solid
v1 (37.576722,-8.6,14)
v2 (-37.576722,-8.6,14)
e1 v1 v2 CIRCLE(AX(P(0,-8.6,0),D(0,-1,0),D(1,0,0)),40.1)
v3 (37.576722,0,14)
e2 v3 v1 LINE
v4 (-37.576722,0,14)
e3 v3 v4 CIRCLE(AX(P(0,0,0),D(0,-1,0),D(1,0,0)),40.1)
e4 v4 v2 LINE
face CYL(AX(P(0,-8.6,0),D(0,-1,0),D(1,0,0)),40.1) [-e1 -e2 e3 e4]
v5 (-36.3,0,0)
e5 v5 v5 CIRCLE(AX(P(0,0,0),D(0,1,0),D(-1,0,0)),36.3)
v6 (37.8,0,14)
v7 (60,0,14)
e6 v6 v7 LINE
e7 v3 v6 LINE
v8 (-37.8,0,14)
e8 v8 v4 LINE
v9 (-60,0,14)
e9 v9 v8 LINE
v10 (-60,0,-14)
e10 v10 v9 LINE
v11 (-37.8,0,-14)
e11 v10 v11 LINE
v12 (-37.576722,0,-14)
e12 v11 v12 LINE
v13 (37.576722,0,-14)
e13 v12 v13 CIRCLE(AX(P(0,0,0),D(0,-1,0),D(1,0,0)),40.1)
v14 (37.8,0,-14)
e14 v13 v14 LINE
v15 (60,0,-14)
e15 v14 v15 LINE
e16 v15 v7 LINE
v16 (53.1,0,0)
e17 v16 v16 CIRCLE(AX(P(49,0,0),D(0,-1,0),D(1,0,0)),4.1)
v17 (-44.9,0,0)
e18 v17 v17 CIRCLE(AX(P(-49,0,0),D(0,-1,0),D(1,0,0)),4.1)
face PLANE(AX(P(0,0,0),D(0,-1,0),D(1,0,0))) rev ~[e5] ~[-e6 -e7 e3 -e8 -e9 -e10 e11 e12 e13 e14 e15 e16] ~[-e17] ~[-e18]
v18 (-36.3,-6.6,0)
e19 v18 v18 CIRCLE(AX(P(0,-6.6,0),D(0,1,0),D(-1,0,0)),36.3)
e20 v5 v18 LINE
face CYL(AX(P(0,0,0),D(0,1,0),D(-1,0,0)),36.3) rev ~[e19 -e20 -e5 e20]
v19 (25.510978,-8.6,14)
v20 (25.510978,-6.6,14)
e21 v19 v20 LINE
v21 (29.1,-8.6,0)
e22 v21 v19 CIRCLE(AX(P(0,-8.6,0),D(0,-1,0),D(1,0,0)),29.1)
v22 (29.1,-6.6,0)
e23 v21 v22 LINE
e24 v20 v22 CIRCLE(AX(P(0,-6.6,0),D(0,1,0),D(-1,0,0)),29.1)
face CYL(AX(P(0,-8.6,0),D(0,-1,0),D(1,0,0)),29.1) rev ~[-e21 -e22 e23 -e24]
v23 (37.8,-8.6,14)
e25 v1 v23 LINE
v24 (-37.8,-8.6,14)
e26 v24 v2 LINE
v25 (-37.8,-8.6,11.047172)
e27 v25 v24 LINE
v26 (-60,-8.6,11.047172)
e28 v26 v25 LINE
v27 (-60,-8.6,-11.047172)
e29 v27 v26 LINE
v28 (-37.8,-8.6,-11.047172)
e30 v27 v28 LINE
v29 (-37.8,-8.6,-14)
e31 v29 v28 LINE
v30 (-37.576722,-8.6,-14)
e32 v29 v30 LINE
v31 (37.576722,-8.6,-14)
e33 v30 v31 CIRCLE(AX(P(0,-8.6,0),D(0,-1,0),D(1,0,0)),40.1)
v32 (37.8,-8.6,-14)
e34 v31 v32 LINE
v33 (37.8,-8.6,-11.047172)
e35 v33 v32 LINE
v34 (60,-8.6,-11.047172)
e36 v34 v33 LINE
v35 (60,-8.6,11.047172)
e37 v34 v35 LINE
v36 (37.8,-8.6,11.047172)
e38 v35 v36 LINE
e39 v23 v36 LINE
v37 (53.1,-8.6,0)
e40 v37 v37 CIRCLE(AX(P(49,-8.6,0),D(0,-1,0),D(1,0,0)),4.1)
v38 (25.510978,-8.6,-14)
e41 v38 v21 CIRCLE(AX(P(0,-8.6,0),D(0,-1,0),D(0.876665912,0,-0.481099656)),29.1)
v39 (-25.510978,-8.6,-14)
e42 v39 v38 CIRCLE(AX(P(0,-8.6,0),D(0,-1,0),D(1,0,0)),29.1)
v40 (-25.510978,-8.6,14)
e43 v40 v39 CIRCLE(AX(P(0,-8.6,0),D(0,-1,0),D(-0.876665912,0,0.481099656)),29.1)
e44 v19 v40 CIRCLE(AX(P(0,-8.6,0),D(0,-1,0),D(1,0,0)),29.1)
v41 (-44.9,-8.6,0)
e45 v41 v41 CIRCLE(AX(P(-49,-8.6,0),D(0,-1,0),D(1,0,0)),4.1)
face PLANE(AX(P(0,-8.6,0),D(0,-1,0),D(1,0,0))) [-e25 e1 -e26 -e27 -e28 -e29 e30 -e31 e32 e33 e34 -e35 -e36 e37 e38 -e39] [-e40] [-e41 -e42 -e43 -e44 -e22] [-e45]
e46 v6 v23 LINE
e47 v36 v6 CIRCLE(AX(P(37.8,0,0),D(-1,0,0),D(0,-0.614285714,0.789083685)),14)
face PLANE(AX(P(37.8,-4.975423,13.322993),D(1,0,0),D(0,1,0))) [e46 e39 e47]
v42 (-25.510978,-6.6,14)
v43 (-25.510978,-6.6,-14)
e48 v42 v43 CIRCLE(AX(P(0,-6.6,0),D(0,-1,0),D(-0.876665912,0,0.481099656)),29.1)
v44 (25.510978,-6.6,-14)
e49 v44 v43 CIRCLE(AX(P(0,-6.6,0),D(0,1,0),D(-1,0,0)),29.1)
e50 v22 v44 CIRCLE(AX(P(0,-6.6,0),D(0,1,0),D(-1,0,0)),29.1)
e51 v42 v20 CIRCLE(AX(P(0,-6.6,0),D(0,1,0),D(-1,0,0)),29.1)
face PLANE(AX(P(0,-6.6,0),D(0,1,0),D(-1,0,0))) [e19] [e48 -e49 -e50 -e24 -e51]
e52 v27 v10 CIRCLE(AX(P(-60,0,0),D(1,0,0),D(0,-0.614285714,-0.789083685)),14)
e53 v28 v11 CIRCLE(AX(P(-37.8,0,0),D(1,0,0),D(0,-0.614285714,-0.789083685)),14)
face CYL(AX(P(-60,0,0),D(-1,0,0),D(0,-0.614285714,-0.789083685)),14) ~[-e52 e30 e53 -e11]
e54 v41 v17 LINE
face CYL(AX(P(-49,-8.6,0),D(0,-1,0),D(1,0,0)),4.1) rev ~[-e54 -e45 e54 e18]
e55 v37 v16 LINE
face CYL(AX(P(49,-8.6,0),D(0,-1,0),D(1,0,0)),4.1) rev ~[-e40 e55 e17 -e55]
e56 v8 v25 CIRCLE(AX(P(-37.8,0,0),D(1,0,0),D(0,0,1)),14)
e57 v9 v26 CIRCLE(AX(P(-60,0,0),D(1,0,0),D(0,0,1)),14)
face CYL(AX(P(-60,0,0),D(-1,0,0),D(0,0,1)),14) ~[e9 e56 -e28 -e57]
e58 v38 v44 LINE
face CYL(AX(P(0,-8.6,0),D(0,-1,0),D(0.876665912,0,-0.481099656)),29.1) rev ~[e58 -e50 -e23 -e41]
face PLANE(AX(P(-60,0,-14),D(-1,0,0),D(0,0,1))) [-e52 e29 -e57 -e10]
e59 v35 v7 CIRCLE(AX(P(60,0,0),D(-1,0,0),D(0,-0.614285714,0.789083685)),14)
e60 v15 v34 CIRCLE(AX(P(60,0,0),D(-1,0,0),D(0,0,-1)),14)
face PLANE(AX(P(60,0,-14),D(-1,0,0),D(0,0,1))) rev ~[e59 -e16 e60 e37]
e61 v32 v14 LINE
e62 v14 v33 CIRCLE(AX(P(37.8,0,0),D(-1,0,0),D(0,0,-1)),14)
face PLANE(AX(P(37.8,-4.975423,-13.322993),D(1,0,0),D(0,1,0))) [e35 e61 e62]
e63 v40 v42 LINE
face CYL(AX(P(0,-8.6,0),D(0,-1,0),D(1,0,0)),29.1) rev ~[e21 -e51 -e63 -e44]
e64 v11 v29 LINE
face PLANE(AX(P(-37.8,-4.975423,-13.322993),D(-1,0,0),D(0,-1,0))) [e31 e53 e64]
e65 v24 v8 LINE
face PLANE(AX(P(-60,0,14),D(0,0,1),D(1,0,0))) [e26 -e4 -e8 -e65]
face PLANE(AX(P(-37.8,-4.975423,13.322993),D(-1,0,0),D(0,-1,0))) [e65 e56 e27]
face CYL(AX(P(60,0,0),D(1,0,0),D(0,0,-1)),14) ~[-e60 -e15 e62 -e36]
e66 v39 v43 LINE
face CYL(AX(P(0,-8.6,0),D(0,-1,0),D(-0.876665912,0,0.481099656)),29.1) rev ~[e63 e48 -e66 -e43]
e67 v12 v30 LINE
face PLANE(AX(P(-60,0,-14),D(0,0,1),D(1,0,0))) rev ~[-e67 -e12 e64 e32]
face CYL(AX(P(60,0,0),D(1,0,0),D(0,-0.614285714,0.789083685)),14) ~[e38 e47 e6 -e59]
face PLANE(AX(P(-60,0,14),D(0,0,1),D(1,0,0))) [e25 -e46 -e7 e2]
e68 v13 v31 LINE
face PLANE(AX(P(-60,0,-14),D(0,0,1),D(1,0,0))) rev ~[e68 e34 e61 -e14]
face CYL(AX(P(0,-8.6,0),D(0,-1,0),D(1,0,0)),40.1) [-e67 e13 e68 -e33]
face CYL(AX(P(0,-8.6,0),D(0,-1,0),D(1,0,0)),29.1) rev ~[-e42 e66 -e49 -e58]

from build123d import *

# Parameters (mm, degrees)
F0_W      = 120
F0_H      = 28
F1_DEPTH  = 8.6
F3_DEPTH  = 8.601
F2_R      = 40.1
F2_R_2    = 29.1
F4_DEPTH  = 8.6
F6_R      = 4.1
F7_DEPTH  = 8.601
F9_DEPTH  = 22.2
F11_DEPTH = 22.2
F12_R     = 36.3
F12_R_2   = 29.1
F13_DEPTH = 6.6


with BuildPart() as f1:
    # F0 (on Front) → F1 (new body)
    with BuildSketch(Plane.XZ):
        Rectangle(F0_W, F0_H)
    extrude(amount=F1_DEPTH)

    # F2 (on face) → F3 (cut, through all)
    with BuildSketch(Plane.XZ.offset(8.6)):
        with BuildLine():
            Line((-25.5109780291, 14), (25.5109780291, 14))
            ThreePointArc((25.5109780291, 14), (0, 29.1), (-25.5109780291, 14))
        make_face()
        with BuildLine():
            ThreePointArc((29.1, 0), (28.1884680379, 7.2263593653), (25.5109780291, 14))
            Line((25.5109780291, 14), (-25.5109780291, 14))
            ThreePointArc((-25.5109780291, 14), (-29.1, 0), (-25.5109780291, -14))
            Line((-25.5109780291, -14), (25.5109780291, -14))
            ThreePointArc((25.5109780291, -14), (28.1884680379, -7.2263593653), (29.1, 0))
        make_face()
        with BuildLine():
            ThreePointArc((-25.5109780291, -14), (0, -29.1), (25.5109780291, -14))
            Line((25.5109780291, -14), (-25.5109780291, -14))
        make_face()
    extrude(amount=-F3_DEPTH, mode=Mode.SUBTRACT)


with BuildPart() as f4:
    # F2 (on face) → F4 (new body)
    with BuildSketch(Plane.XZ.offset(8.6)):
        Circle(F2_R)
        Circle(F2_R_2, mode=Mode.SUBTRACT)
    extrude(amount=-F4_DEPTH)


with BuildPart() as f1_1:
    add(f1.part)

    # F5: union F4
    add(f4.part)

    # F6 (on face) → F7 (cut, through all)
    with BuildSketch(Plane.XZ.offset(8.6)):
        with Locations((-49, 0)):
            Circle(F6_R)
        with Locations((49, 0)):
            Circle(F6_R)
    extrude(amount=-F7_DEPTH, mode=Mode.SUBTRACT)

    # F8 (on face) → F9 (cut)
    with BuildSketch(Plane.YZ.offset(60)):
        with BuildLine():
            ThreePointArc((-8.6, 11.0471715837), (-4.5464050539, 13.2412311016), (0, 14))
            Line((0, 14), (-8.6, 14))
            Line((-8.6, 14), (-8.6, 11.0471715837))
        make_face()
        with BuildLine():
            Line((-8.6, -14), (0, -14))
            ThreePointArc((0, -14), (-4.5464050539, -13.2412311016), (-8.6, -11.0471715837))
            Line((-8.6, -11.0471715837), (-8.6, -14))
        make_face()
    extrude(amount=-F9_DEPTH, mode=Mode.SUBTRACT)

    # F10 (on face) → F11 (cut)
    with BuildSketch(Plane(origin=(-60, 0, 0), x_dir=(0, -1, 0), z_dir=(-1, 0, 0))):
        with BuildLine():
            Line((8.6, 14), (0, 14))
            ThreePointArc((0, 14), (4.5464050539, 13.2412311016), (8.6, 11.0471715837))
            Line((8.6, 11.0471715837), (8.6, 14))
        make_face()
        with BuildLine():
            ThreePointArc((8.6, -11.0471715837), (4.5464050539, -13.2412311016), (0, -14))
            Line((0, -14), (8.6, -14))
            Line((8.6, -14), (8.6, -11.0471715837))
        make_face()
    extrude(amount=-F11_DEPTH, mode=Mode.SUBTRACT)

    # F12 (on face) → F13 (cut)
    with BuildSketch(Plane(origin=(0, 0, 0), x_dir=(-1, 0, 0), z_dir=(0, 1, 0))):
        Circle(F12_R)
        Circle(F12_R_2, mode=Mode.SUBTRACT)
    extrude(amount=-F13_DEPTH, mode=Mode.SUBTRACT)


solid = f1_1.part
